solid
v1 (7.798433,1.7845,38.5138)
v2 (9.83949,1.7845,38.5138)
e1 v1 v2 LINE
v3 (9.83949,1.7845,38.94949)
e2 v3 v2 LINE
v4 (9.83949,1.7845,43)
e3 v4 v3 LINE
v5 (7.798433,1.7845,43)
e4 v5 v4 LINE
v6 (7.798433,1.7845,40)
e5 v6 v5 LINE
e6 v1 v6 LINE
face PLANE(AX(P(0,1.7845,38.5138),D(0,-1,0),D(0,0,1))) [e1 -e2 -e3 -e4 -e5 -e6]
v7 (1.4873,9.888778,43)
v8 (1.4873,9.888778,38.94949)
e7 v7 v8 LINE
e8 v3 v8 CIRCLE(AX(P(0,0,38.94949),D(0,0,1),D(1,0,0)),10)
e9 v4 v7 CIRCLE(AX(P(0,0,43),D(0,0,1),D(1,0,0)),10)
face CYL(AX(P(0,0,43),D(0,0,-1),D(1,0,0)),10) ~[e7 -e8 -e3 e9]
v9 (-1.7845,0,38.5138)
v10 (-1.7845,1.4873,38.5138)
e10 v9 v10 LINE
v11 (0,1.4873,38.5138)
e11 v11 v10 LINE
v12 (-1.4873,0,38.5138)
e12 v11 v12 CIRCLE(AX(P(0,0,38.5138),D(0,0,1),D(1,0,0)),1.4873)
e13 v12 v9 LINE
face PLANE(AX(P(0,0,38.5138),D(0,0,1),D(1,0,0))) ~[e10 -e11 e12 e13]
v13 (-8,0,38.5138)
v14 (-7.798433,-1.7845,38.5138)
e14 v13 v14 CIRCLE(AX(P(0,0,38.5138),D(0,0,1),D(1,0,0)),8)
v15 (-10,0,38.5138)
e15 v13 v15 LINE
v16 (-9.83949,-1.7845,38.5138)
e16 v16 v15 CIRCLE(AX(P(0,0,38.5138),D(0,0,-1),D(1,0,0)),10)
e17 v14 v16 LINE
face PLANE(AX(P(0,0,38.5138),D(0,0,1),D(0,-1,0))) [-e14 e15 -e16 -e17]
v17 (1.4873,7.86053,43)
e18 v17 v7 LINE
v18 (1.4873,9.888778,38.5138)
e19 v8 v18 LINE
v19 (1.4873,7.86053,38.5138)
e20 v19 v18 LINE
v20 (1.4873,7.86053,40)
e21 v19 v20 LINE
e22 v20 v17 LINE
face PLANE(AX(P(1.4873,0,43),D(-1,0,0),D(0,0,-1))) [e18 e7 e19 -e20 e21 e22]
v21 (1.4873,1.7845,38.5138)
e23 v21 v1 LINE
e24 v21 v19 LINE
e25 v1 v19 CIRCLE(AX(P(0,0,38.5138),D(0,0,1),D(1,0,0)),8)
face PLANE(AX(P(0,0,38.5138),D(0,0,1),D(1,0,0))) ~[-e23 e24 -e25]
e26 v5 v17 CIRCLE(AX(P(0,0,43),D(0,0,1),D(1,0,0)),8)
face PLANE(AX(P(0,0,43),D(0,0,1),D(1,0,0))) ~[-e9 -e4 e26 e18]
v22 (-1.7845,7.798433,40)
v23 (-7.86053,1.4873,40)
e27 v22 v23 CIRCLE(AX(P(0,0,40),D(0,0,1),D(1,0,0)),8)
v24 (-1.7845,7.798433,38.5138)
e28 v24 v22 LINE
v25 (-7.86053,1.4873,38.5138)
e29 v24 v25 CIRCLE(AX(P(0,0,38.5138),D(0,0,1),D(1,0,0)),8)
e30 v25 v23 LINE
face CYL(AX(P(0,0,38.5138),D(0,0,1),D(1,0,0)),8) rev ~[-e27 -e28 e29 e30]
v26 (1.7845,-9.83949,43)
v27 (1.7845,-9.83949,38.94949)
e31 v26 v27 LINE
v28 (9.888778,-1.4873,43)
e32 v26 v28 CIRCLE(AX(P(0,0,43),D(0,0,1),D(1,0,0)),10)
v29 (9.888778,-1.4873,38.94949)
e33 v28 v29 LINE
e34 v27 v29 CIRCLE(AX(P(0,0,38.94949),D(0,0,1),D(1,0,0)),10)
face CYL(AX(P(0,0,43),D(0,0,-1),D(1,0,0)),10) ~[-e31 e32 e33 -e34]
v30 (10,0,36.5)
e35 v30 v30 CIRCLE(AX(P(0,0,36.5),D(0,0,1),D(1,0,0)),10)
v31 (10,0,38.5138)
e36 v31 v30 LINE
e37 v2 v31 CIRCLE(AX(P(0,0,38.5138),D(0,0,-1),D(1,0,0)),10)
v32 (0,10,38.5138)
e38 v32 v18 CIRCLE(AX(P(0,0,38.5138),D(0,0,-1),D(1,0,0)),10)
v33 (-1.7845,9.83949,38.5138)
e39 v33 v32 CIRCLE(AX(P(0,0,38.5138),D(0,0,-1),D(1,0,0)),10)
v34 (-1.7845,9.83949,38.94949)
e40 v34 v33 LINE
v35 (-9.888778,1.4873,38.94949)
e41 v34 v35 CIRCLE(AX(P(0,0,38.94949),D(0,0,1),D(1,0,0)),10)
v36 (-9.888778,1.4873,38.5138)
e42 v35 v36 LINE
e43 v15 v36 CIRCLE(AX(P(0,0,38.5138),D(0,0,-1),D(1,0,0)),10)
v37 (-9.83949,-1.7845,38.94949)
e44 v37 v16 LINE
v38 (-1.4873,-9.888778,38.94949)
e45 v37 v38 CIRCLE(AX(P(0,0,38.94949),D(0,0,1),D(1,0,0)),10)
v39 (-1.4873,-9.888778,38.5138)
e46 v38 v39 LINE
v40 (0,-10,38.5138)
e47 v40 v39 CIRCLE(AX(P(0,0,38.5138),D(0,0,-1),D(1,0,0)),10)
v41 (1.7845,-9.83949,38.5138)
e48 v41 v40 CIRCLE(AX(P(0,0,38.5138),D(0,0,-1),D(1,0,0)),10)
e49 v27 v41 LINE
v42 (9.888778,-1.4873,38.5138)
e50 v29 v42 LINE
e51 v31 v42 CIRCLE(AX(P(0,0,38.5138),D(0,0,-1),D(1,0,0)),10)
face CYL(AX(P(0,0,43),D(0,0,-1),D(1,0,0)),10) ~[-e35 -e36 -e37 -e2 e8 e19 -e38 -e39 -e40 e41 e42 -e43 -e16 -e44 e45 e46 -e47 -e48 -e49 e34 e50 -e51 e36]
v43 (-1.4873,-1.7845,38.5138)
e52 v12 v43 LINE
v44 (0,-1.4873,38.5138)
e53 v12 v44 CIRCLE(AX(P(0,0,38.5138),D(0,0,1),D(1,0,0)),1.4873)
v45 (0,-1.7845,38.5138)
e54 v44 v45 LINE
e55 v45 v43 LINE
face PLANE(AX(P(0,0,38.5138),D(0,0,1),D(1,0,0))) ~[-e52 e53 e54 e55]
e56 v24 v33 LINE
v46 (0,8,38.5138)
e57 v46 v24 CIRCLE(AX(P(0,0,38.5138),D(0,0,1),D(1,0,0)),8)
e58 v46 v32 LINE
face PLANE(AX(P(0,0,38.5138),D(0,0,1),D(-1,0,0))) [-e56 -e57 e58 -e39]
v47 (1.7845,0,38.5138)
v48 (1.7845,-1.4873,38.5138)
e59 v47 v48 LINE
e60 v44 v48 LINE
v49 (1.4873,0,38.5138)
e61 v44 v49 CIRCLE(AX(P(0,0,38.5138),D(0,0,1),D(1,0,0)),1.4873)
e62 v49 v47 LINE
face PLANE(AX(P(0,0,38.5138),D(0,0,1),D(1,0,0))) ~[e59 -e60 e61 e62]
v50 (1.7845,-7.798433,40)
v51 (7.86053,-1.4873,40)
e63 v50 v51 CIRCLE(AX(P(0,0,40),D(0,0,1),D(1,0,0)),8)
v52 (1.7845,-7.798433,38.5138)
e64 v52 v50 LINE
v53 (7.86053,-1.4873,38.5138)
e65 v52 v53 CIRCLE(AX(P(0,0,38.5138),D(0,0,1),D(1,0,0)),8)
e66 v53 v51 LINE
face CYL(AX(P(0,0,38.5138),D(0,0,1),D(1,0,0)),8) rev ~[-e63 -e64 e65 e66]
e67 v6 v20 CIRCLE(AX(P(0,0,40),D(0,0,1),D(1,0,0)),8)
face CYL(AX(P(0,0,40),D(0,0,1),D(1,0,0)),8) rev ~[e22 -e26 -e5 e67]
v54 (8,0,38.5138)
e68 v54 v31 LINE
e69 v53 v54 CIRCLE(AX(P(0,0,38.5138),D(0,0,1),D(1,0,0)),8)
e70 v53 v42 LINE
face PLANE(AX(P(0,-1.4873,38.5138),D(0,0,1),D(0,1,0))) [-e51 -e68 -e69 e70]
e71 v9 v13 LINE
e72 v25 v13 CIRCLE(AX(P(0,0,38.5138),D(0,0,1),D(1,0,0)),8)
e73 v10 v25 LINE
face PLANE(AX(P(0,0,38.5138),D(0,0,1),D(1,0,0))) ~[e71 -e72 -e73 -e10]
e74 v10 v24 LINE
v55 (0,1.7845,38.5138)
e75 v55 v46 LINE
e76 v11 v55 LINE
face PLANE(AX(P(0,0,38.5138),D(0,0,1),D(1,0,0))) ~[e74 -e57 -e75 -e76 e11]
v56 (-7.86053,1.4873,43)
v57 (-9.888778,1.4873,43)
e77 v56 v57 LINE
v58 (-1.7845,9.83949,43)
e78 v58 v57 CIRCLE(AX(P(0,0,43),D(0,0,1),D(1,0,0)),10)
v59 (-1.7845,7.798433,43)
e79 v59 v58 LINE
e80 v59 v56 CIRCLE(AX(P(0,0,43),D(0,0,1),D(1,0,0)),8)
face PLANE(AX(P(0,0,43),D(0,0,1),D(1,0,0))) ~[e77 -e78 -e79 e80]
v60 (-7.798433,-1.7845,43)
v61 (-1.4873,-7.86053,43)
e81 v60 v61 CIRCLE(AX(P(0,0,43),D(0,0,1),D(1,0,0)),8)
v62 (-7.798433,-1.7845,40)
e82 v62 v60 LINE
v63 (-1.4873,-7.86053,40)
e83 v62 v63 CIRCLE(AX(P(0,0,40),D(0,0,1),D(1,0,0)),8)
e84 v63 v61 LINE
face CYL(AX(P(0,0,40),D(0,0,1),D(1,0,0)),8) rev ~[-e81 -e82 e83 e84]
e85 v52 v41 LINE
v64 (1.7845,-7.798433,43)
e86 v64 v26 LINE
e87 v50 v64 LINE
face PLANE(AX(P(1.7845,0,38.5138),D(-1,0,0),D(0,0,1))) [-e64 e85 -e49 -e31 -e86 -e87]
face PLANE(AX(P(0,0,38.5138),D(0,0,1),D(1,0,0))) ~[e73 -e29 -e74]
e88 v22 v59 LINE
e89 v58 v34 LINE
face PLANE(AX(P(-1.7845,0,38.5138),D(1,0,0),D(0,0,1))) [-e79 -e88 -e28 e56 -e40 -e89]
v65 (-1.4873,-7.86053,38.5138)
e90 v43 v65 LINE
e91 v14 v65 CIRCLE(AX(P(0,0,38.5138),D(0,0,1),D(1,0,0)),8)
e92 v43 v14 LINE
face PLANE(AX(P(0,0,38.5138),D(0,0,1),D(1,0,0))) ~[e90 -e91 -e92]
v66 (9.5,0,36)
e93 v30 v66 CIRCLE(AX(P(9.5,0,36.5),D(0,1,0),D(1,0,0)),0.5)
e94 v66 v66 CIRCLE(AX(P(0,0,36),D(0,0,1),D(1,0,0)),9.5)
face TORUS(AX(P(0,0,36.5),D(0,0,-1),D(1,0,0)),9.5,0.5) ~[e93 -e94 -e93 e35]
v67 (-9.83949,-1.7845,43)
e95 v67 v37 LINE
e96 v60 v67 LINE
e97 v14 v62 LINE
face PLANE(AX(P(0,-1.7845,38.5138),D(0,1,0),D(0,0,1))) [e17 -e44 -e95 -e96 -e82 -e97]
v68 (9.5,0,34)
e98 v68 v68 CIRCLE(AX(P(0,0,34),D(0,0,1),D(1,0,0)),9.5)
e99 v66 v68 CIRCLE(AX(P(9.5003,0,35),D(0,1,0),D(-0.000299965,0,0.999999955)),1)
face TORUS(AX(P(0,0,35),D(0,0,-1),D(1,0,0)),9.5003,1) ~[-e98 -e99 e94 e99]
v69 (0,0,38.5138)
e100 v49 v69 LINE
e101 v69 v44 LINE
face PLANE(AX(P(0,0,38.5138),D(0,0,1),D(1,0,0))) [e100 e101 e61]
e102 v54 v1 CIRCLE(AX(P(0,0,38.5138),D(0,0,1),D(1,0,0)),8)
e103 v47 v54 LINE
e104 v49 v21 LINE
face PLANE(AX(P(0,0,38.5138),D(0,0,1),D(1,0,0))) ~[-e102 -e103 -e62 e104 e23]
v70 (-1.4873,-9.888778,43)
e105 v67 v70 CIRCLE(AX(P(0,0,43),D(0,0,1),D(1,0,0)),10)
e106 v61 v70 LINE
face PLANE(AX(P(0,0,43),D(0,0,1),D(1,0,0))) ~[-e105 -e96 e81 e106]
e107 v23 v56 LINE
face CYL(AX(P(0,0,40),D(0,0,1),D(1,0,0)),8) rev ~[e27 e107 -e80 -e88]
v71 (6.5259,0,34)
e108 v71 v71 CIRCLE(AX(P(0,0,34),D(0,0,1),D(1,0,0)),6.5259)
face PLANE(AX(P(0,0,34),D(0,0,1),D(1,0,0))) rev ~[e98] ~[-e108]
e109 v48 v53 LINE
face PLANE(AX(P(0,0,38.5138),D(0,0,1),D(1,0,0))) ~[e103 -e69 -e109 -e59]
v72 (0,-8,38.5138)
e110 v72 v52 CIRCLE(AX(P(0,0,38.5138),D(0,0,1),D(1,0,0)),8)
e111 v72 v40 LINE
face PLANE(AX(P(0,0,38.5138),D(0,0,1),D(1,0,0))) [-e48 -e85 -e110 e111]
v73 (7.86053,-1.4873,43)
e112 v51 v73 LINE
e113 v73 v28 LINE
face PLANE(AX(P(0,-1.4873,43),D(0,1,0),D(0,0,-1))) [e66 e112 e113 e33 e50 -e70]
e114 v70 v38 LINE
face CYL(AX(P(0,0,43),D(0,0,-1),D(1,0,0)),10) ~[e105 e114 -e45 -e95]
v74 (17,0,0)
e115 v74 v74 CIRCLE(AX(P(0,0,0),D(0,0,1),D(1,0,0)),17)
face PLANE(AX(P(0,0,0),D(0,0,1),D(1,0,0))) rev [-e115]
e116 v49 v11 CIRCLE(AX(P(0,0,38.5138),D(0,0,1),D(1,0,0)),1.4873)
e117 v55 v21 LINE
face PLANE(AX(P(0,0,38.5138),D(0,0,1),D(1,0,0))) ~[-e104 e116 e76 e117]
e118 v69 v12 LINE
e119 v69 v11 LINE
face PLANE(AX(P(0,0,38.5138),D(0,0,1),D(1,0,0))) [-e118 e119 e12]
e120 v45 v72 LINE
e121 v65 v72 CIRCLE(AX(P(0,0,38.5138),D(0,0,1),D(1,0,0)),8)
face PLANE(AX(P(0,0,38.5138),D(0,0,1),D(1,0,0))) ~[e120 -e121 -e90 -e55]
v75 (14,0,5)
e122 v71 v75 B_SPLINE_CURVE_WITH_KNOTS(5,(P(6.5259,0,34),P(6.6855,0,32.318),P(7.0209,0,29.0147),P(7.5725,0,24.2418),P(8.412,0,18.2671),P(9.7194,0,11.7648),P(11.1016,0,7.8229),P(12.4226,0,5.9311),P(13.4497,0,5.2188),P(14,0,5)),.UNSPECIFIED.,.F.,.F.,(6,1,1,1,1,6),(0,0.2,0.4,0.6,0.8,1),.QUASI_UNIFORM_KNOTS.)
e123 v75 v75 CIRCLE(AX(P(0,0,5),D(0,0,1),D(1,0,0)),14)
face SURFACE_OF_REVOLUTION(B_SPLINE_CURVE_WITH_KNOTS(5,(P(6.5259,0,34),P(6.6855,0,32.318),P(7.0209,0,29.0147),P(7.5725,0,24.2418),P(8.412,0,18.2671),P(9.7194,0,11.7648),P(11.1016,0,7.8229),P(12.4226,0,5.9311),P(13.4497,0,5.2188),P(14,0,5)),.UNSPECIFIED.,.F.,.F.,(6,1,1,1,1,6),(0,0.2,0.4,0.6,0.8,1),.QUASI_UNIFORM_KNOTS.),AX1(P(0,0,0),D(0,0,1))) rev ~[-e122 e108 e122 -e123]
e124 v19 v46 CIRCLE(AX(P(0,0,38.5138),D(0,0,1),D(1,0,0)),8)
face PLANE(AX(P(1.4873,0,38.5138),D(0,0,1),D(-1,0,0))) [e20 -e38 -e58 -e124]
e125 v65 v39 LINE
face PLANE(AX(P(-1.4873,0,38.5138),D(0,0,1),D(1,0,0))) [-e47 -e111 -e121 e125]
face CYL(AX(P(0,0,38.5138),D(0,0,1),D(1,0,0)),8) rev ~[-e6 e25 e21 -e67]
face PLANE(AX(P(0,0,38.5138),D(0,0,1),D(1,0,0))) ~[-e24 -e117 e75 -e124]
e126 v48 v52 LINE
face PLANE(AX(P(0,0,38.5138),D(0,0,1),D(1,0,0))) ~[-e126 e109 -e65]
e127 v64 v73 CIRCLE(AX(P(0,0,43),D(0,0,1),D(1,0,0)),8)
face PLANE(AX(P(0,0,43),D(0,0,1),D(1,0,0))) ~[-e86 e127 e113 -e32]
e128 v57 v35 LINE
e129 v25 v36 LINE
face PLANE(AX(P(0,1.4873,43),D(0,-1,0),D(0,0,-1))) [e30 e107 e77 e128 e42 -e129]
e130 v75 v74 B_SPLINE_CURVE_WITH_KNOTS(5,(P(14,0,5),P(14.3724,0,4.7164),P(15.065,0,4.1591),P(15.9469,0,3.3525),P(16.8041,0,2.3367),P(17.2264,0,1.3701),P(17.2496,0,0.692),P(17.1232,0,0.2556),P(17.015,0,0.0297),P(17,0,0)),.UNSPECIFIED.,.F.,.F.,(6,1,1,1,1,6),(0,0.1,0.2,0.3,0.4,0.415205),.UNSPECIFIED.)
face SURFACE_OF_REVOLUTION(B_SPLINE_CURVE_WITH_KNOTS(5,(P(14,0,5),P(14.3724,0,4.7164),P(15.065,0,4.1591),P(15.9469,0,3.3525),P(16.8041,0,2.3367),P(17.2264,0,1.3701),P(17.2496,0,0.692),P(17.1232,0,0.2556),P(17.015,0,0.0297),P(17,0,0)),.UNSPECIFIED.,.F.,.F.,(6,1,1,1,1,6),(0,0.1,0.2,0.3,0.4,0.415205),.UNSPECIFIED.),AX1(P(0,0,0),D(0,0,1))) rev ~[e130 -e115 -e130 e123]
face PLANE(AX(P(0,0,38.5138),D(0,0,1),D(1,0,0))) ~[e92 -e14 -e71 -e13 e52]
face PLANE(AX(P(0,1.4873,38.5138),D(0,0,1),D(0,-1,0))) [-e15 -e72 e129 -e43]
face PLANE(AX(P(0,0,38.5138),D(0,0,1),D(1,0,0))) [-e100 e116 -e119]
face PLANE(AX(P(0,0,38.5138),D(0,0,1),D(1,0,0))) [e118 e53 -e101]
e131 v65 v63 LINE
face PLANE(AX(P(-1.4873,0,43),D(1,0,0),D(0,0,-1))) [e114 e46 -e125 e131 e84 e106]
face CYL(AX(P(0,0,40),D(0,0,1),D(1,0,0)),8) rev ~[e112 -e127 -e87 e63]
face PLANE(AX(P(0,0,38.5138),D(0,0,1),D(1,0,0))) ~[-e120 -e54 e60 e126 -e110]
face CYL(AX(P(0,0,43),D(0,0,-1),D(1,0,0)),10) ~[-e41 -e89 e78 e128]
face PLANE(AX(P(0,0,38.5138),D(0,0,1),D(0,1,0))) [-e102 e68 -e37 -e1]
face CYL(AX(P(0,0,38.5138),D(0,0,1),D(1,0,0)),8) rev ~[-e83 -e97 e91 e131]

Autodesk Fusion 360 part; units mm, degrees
sketch "Tura" plane through (0, 0, 0) normal (0, 1, 0) x (1, 0, 0)
  line L0 (0, 0) -> (17, 0)
  line L1 (0, 0) -> (0, -38.5138)
  line L2 (0, -38.5138) -> (0, -35)
  line L3 (0, -38.5138) -> (0, -35)
  line L4 (0, 0) -> (0, -5)
  line L5 (14, -5) -> (0, -5)
  spline S0 degree 5 poles (6.5259, -34) (6.6855, -32.318) (7.0209, -29.0147) (7.5725, -24.2418) (8.412, -18.2671) (9.7194, -11.7648) (11.1016, -7.8229) (12.4226, -5.9311) (13.4497, -5.2188) (14, -5) knots 0 0 0 0 0 0 0.2 0.4 0.6 0.8 1 1 1 1 1 1
  line L6 (12.8092, -5.4735) -> (15.1908, -4.5265)
  spline S1 degree 5 poles (14, -5) (14.3724, -4.7164) (15.065, -4.1591) (15.9469, -3.3525) (16.8041, -2.3367) (17.2264, -1.3701) (17.2496, -0.692) (17.1232, -0.2556) (17.015, -0.0297) (17, 0) knots 0 0 0 0 0 0 0.1 0.2 0.3 0.4 0.415205 0.415205 0.415205 0.415205 0.415205 0.415205
  line L7 (17.1967, -0.3896) -> (16.8033, 0.3896)
  line L8 (0, -37.3622) -> (0, -38.5138)
  line L9 (0, -36) -> (9, -36)
  line L10 (0, -38) -> (0, -36)
  line L11 (8, -40) -> (8, -43)
  line L12 (8, -43) -> (10, -43)
  line L13 (10, -43) -> (10, -36.5)
  line L14 (9.5, -36) -> (9, -36)
  line L15 (0, -36) -> (9.5003, -36)
  line L16 (9.5, -34) -> (0, -34)
  line L17 (0, -34) -> (0, -36)
  arc A0 (9.5005, -34) -> (9.5, -34) centre (9.5, -36.5) ccw
  arc A1 (9.5003, -36) -> (9.5005, -34) centre (9.5003, -35) ccw
  arc A2 (10, -36.5) -> (9.5, -36) centre (9.5, -36.5) ccw
  line L18 (-1.7845, -43) -> (1.4873, -43)
  line L19 (1.4873, -43) -> (1.4873, -38.5138)
  line L20 (1.4873, -38.5138) -> (-1.7845, -38.5138)
  line L21 (-1.7845, -38.5138) -> (-1.7845, -43)
  line L22 (1.4873, -38.5138) -> (8, -38.5138)
  line L23 (8, -38.5138) -> (8, -40)
  point P0 (10, -35)
  dimension "d1" = 17
  dimension "d3" = 10
  dimension "d5" = 3
  dimension "d6" = 2.5
  dimension "d7" = 1
  dimension "d8" = 0.5
revolve "Revolve2" add sketch "Tura" angle 360 about axis through (0, 0, 0) along (0, 0, 1) contours L0 L1 L4 L5 S1 | L1 L5 S0 L16 | L1 L2 L3 L9 L15 L16 L17 A0 | L9 L14 L15 A0 A1 | L1 L2 L3 L8 L9 L10 L11 L12 L13 L15 A0 L20 L22 L23 | L9 L13 L14 L15 A0 A2
extrude "Extrude2" cut sketch "Tura" along normal blind 10 contours L18 L19 L20 L21
pattern_circular "C-Pattern1" count 4 over 360 about axis through (0, 0, 0) along (0, 0, 1) of "Extrude2"
